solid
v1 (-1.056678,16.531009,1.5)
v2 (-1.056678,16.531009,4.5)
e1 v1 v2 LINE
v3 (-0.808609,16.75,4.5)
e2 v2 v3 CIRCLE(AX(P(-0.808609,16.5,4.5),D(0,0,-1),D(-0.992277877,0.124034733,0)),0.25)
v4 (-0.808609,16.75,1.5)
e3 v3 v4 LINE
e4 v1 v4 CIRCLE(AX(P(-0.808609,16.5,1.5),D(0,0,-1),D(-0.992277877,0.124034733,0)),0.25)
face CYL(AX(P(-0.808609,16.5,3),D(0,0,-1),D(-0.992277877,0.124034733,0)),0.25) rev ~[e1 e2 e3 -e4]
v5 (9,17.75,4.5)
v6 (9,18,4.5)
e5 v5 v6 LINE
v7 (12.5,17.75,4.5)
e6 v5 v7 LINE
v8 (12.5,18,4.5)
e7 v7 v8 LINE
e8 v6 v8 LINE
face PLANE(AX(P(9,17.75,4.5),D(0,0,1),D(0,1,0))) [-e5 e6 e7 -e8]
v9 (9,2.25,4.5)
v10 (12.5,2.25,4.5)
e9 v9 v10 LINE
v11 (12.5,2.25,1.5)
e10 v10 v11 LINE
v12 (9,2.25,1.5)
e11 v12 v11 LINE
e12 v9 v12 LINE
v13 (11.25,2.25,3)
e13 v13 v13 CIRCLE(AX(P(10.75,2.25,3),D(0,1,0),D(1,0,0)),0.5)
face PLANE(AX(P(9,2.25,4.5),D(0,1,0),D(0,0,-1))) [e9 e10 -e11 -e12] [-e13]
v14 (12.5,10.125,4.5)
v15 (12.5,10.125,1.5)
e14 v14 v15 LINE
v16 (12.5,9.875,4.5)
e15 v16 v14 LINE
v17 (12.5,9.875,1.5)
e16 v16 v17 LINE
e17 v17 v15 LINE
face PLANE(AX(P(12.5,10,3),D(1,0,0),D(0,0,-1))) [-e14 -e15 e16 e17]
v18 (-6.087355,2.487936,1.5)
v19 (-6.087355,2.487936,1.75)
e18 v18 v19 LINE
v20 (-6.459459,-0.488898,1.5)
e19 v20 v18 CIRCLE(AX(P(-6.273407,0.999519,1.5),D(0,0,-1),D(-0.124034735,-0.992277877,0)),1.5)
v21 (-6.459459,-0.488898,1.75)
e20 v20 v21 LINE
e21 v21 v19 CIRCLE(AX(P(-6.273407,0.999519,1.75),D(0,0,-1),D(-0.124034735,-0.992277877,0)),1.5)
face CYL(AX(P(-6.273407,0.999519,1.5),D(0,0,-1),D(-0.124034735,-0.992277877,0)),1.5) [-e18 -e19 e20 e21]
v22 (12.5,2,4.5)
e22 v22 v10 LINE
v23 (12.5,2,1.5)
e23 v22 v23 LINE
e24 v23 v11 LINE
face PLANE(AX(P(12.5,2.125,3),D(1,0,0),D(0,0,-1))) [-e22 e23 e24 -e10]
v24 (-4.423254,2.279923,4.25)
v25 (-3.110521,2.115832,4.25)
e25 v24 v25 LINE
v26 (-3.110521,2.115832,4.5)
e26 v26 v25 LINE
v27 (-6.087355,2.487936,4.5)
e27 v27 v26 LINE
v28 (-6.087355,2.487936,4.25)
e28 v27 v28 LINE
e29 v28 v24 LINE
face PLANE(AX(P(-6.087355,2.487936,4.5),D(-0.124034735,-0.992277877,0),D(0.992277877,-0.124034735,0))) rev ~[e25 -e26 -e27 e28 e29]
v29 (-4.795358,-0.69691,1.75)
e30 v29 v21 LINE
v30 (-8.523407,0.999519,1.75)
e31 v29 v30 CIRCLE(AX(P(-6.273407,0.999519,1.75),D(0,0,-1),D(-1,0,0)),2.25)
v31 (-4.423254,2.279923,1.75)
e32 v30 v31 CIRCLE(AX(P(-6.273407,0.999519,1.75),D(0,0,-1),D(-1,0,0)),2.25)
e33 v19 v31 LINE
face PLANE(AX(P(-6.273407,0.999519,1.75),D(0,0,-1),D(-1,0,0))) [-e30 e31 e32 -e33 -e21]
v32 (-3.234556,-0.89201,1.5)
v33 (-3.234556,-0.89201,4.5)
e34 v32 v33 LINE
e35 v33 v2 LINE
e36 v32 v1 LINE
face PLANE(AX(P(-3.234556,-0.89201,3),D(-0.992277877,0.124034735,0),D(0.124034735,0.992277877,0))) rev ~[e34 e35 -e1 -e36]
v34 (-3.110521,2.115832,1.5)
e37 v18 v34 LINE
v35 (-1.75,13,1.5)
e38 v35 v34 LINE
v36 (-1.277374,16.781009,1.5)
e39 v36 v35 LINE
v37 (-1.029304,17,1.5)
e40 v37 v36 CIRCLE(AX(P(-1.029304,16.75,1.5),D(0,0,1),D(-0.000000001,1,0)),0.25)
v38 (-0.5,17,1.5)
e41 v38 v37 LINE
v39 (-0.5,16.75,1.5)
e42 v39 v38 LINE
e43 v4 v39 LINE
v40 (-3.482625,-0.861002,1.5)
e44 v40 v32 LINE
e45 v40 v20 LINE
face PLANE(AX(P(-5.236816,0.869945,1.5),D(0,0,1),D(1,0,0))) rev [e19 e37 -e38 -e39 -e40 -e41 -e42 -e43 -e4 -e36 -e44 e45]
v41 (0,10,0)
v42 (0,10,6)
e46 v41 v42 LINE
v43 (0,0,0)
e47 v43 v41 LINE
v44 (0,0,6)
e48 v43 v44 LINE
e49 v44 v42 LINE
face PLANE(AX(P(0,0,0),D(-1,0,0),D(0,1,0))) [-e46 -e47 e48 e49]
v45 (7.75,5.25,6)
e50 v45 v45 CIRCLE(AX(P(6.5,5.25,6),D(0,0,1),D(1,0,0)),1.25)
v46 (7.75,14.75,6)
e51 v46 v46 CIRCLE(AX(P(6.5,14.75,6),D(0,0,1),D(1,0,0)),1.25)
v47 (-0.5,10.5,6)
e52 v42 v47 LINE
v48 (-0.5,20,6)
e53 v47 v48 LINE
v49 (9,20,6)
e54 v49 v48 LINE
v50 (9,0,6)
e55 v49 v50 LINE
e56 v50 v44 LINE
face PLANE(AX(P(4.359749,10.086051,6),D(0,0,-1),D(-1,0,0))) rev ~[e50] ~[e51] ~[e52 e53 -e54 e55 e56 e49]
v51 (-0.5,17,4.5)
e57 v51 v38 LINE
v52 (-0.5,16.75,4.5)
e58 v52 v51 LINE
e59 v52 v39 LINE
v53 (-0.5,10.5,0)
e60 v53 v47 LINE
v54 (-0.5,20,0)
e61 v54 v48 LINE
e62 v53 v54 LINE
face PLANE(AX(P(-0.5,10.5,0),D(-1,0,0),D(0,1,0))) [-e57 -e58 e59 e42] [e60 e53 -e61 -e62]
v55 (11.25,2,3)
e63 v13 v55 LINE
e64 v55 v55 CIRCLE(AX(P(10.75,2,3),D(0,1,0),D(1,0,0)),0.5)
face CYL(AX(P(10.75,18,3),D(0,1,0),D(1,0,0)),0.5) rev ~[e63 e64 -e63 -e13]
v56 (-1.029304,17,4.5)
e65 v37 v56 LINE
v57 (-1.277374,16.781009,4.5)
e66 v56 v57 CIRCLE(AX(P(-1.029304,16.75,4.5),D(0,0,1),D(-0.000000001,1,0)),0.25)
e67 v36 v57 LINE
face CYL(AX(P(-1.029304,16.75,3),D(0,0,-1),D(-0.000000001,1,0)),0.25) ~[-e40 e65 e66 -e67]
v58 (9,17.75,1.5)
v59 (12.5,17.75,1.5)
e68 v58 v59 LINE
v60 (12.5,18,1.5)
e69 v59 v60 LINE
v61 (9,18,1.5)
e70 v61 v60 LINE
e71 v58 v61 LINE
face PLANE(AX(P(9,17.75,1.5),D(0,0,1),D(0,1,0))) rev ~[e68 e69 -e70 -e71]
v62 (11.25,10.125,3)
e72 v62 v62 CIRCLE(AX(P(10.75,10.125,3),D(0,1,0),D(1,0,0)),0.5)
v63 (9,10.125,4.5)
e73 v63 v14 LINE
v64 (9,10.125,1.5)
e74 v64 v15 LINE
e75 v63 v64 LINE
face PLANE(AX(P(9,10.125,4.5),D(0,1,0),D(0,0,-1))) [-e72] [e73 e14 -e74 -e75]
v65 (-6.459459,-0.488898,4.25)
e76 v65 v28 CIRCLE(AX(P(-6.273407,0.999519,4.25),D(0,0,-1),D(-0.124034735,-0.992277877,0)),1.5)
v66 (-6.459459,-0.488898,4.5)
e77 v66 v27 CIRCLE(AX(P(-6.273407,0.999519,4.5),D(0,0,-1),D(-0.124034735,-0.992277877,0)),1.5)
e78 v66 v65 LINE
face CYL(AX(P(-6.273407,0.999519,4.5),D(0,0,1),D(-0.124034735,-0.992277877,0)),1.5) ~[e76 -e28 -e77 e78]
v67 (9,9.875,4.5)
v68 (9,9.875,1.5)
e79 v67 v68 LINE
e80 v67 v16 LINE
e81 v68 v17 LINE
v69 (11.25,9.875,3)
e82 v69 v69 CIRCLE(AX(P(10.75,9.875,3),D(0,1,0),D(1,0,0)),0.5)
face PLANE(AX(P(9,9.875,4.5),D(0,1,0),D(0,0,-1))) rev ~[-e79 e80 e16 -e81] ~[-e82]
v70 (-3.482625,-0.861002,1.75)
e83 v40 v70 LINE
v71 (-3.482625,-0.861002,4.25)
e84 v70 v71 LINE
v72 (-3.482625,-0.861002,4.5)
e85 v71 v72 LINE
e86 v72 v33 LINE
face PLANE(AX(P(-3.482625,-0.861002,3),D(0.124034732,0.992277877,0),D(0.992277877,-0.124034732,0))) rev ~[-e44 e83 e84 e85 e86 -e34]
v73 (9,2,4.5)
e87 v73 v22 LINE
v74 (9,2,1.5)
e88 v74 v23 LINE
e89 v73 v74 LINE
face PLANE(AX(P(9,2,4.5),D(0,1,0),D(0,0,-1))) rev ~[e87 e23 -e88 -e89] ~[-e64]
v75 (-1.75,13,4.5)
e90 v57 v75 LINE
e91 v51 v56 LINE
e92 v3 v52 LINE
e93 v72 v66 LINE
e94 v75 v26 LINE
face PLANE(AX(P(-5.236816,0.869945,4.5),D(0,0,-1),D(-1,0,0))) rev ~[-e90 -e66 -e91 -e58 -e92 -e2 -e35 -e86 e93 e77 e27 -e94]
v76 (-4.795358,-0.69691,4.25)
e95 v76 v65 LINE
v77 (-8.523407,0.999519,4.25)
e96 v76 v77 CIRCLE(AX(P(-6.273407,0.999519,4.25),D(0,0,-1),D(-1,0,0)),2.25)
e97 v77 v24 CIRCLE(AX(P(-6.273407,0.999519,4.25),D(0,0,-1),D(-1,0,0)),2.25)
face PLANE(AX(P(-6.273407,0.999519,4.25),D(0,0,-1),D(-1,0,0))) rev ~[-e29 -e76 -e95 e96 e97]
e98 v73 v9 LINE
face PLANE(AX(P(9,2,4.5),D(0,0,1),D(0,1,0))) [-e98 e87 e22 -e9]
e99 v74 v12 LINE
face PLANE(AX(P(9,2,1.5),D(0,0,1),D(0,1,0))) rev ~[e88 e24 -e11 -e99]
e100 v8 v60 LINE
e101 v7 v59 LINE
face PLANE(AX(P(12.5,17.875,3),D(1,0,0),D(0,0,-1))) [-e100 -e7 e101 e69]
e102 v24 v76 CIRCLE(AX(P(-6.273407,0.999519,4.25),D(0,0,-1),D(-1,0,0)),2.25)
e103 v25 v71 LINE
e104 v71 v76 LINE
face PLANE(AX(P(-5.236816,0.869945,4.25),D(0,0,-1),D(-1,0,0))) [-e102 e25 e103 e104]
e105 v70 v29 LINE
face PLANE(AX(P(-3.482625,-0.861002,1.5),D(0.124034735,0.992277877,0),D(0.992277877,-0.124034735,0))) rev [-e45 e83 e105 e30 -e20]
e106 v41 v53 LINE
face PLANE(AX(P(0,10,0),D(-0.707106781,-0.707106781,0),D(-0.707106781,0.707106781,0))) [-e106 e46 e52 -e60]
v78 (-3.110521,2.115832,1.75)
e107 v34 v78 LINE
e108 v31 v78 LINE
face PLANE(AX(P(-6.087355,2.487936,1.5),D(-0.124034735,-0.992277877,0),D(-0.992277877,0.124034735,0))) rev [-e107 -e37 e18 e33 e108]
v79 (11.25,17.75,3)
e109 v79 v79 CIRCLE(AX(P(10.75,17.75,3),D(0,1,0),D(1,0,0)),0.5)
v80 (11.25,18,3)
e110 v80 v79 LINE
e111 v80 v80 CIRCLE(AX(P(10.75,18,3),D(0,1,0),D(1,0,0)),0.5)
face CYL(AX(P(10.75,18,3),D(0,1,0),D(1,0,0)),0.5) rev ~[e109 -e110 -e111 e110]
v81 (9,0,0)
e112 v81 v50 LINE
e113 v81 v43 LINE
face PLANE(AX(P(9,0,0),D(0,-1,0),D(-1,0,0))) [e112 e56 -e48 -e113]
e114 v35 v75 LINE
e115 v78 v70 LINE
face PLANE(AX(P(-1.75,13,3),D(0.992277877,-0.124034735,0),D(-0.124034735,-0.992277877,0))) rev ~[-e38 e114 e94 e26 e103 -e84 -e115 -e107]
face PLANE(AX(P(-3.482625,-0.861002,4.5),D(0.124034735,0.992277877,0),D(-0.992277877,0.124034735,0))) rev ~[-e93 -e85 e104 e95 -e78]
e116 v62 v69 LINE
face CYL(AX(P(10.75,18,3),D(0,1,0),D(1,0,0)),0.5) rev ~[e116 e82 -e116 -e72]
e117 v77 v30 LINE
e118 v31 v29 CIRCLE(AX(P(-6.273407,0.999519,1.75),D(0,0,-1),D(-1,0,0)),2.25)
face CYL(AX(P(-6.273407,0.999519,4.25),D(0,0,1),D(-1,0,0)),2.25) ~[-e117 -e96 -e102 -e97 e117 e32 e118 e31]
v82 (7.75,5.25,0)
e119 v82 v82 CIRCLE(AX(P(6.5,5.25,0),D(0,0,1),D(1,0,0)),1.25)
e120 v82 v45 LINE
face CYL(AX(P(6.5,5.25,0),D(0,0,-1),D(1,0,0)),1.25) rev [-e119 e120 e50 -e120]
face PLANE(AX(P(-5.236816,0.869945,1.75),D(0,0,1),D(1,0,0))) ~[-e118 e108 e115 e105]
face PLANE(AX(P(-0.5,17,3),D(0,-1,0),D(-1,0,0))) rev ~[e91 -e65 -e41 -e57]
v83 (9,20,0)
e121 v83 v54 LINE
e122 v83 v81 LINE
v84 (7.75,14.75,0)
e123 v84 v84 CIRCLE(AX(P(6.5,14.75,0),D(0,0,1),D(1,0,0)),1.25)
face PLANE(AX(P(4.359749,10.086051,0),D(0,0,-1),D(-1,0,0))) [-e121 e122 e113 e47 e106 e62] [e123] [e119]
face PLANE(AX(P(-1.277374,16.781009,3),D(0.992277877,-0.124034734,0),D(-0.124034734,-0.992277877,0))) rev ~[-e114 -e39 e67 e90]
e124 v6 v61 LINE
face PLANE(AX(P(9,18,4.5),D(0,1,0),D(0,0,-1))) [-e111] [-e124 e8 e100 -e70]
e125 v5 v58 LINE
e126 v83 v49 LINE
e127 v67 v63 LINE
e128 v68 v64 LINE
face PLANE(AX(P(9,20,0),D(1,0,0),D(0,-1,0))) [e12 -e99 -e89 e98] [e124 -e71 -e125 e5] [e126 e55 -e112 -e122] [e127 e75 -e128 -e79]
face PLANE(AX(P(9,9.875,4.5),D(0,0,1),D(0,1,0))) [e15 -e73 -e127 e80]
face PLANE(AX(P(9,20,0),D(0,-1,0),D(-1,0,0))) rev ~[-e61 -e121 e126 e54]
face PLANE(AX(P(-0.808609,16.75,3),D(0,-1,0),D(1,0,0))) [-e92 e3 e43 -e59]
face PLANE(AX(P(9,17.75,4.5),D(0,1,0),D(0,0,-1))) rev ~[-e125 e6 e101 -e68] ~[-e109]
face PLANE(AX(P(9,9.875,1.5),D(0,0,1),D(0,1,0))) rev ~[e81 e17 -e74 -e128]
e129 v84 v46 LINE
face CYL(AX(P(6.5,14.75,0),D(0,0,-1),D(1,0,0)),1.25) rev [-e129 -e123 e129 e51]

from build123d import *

# Parameters (mm, degrees)
SKETCH_1_R           = 1.25
EXTRUDE_1_DEPTH      = 6
EXTRUDE_2_DEPTH      = 1.5
EXTRUDE_2_DEPTH_BACK = 1.5
EXTRUDE_3_DEPTH      = 0.25
SKETCH_5_R           = 2.25
EXTRUDE_4_DEPTH      = 2.5
SKETCH_6_W           = 3
SKETCH_6_H           = 0.25
EXTRUDE_5_DEPTH      = 3.5
SKETCH_7_R           = 0.5
CUT_EXTRUDE_1_DEPTH  = 20.250480762


with BuildPart() as part:
    # Эскиз1 → Бобышка-Вытянуть1 (new body)
    with BuildSketch(Plane.XY):
        Polygon((0, 0), (0, 10), (-0.5, 10.5), (-0.5, 20), (0, 20), (9, 20), (9, 0), align=None)
        with Locations((6.5, 5.25)):
            Circle(SKETCH_1_R, mode=Mode.SUBTRACT)
        with Locations((6.5, 14.75)):
            Circle(SKETCH_1_R, mode=Mode.SUBTRACT)
    extrude(amount=EXTRUDE_1_DEPTH)

    # Эскиз3 → Бобышка-Вытянуть2 (add, two sides)
    with BuildSketch(Plane(origin=(0, 0, 3), x_dir=(0, -1, 0), z_dir=(0, 0, -1))) as extrude_2_sk:
        with BuildLine():
            Line((-17, 0.5), (-17, 1.029304445))
            ThreePointArc((-17, 1.029304445), (-16.937419544, 1.194755086), (-16.781008684, 1.277373915))
            Line((-16.781008684, 1.277373915), (-13, 1.75))
            Line((-13, 1.75), (0.861001781, 3.482625223))
            Line((0.861001781, 3.482625223), (0.892010464, 3.234555753))
            Line((0.892010464, 3.234555753), (-16.531008684, 1.05667836))
            ThreePointArc((-16.531008684, 1.05667836), (-16.687419544, 0.974059532), (-16.75, 0.808608891))
            Line((-16.75, 0.808608891), (-16.75, 0.5))
            Line((-16.75, 0.5), (-17, 0.5))
        make_face()
    extrude(amount=EXTRUDE_2_DEPTH)
    extrude(extrude_2_sk.sketch, amount=-EXTRUDE_2_DEPTH_BACK)

    # Эскиз4 → Бобышка-Вытянуть3 (add)
    with BuildSketch(Plane.XY.offset(4.5)):
        with BuildLine():
            Line((-3.482625223, -0.861001781), (-6.459458853, -0.488897577))
            ThreePointArc((-6.459458853, -0.488897577), (-7.761823566, 1.18557134), (-6.087354649, 2.487936053))
            Line((-6.087354649, 2.487936053), (-3.110521019, 2.115831849))
            Line((-3.110521019, 2.115831849), (-3.482625223, -0.861001781))
        make_face()
    extrude_3 = extrude(amount=-EXTRUDE_3_DEPTH)

    # Зеркальное отражение1: Бобышка-Вытянуть3 across plane
    add(extrude_3.mirror(Plane(origin=(0, 0, 3), x_dir=(1, 0, 0), z_dir=(0, 0, -1))))

    # Эскиз5 → Бобышка-Вытянуть4 (add)
    with BuildSketch(Plane(origin=(0, 0, 4.25), x_dir=(-1, 0, 0), z_dir=(0, 0, -1))):
        with Locations((6.273406751, 0.999519238)):
            Circle(SKETCH_5_R)
    extrude(amount=EXTRUDE_4_DEPTH)

    # Эскиз6 → Бобышка-Вытянуть5 (add)
    with BuildSketch(Plane(origin=(9, 0, 0), x_dir=(0, 0, -1), z_dir=(1, 0, 0))):
        with Locations((-3, 2.125)):
            Rectangle(SKETCH_6_W, SKETCH_6_H)
        with Locations((-3, 17.875)):
            Rectangle(SKETCH_6_W, SKETCH_6_H)
        with Locations((-3, 10)):
            Rectangle(SKETCH_6_W, SKETCH_6_H)
    extrude(amount=EXTRUDE_5_DEPTH)

    # Эскиз7 → Вырез-Вытянуть1 (cut, through all)
    with BuildSketch(Plane(origin=(0, 18, 0), x_dir=(1, 0, 0), z_dir=(0, 1, 0))):
        with Locations((10.75, -3)):
            Circle(SKETCH_7_R)
    extrude(amount=-CUT_EXTRUDE_1_DEPTH, mode=Mode.SUBTRACT)


solid = part.part
